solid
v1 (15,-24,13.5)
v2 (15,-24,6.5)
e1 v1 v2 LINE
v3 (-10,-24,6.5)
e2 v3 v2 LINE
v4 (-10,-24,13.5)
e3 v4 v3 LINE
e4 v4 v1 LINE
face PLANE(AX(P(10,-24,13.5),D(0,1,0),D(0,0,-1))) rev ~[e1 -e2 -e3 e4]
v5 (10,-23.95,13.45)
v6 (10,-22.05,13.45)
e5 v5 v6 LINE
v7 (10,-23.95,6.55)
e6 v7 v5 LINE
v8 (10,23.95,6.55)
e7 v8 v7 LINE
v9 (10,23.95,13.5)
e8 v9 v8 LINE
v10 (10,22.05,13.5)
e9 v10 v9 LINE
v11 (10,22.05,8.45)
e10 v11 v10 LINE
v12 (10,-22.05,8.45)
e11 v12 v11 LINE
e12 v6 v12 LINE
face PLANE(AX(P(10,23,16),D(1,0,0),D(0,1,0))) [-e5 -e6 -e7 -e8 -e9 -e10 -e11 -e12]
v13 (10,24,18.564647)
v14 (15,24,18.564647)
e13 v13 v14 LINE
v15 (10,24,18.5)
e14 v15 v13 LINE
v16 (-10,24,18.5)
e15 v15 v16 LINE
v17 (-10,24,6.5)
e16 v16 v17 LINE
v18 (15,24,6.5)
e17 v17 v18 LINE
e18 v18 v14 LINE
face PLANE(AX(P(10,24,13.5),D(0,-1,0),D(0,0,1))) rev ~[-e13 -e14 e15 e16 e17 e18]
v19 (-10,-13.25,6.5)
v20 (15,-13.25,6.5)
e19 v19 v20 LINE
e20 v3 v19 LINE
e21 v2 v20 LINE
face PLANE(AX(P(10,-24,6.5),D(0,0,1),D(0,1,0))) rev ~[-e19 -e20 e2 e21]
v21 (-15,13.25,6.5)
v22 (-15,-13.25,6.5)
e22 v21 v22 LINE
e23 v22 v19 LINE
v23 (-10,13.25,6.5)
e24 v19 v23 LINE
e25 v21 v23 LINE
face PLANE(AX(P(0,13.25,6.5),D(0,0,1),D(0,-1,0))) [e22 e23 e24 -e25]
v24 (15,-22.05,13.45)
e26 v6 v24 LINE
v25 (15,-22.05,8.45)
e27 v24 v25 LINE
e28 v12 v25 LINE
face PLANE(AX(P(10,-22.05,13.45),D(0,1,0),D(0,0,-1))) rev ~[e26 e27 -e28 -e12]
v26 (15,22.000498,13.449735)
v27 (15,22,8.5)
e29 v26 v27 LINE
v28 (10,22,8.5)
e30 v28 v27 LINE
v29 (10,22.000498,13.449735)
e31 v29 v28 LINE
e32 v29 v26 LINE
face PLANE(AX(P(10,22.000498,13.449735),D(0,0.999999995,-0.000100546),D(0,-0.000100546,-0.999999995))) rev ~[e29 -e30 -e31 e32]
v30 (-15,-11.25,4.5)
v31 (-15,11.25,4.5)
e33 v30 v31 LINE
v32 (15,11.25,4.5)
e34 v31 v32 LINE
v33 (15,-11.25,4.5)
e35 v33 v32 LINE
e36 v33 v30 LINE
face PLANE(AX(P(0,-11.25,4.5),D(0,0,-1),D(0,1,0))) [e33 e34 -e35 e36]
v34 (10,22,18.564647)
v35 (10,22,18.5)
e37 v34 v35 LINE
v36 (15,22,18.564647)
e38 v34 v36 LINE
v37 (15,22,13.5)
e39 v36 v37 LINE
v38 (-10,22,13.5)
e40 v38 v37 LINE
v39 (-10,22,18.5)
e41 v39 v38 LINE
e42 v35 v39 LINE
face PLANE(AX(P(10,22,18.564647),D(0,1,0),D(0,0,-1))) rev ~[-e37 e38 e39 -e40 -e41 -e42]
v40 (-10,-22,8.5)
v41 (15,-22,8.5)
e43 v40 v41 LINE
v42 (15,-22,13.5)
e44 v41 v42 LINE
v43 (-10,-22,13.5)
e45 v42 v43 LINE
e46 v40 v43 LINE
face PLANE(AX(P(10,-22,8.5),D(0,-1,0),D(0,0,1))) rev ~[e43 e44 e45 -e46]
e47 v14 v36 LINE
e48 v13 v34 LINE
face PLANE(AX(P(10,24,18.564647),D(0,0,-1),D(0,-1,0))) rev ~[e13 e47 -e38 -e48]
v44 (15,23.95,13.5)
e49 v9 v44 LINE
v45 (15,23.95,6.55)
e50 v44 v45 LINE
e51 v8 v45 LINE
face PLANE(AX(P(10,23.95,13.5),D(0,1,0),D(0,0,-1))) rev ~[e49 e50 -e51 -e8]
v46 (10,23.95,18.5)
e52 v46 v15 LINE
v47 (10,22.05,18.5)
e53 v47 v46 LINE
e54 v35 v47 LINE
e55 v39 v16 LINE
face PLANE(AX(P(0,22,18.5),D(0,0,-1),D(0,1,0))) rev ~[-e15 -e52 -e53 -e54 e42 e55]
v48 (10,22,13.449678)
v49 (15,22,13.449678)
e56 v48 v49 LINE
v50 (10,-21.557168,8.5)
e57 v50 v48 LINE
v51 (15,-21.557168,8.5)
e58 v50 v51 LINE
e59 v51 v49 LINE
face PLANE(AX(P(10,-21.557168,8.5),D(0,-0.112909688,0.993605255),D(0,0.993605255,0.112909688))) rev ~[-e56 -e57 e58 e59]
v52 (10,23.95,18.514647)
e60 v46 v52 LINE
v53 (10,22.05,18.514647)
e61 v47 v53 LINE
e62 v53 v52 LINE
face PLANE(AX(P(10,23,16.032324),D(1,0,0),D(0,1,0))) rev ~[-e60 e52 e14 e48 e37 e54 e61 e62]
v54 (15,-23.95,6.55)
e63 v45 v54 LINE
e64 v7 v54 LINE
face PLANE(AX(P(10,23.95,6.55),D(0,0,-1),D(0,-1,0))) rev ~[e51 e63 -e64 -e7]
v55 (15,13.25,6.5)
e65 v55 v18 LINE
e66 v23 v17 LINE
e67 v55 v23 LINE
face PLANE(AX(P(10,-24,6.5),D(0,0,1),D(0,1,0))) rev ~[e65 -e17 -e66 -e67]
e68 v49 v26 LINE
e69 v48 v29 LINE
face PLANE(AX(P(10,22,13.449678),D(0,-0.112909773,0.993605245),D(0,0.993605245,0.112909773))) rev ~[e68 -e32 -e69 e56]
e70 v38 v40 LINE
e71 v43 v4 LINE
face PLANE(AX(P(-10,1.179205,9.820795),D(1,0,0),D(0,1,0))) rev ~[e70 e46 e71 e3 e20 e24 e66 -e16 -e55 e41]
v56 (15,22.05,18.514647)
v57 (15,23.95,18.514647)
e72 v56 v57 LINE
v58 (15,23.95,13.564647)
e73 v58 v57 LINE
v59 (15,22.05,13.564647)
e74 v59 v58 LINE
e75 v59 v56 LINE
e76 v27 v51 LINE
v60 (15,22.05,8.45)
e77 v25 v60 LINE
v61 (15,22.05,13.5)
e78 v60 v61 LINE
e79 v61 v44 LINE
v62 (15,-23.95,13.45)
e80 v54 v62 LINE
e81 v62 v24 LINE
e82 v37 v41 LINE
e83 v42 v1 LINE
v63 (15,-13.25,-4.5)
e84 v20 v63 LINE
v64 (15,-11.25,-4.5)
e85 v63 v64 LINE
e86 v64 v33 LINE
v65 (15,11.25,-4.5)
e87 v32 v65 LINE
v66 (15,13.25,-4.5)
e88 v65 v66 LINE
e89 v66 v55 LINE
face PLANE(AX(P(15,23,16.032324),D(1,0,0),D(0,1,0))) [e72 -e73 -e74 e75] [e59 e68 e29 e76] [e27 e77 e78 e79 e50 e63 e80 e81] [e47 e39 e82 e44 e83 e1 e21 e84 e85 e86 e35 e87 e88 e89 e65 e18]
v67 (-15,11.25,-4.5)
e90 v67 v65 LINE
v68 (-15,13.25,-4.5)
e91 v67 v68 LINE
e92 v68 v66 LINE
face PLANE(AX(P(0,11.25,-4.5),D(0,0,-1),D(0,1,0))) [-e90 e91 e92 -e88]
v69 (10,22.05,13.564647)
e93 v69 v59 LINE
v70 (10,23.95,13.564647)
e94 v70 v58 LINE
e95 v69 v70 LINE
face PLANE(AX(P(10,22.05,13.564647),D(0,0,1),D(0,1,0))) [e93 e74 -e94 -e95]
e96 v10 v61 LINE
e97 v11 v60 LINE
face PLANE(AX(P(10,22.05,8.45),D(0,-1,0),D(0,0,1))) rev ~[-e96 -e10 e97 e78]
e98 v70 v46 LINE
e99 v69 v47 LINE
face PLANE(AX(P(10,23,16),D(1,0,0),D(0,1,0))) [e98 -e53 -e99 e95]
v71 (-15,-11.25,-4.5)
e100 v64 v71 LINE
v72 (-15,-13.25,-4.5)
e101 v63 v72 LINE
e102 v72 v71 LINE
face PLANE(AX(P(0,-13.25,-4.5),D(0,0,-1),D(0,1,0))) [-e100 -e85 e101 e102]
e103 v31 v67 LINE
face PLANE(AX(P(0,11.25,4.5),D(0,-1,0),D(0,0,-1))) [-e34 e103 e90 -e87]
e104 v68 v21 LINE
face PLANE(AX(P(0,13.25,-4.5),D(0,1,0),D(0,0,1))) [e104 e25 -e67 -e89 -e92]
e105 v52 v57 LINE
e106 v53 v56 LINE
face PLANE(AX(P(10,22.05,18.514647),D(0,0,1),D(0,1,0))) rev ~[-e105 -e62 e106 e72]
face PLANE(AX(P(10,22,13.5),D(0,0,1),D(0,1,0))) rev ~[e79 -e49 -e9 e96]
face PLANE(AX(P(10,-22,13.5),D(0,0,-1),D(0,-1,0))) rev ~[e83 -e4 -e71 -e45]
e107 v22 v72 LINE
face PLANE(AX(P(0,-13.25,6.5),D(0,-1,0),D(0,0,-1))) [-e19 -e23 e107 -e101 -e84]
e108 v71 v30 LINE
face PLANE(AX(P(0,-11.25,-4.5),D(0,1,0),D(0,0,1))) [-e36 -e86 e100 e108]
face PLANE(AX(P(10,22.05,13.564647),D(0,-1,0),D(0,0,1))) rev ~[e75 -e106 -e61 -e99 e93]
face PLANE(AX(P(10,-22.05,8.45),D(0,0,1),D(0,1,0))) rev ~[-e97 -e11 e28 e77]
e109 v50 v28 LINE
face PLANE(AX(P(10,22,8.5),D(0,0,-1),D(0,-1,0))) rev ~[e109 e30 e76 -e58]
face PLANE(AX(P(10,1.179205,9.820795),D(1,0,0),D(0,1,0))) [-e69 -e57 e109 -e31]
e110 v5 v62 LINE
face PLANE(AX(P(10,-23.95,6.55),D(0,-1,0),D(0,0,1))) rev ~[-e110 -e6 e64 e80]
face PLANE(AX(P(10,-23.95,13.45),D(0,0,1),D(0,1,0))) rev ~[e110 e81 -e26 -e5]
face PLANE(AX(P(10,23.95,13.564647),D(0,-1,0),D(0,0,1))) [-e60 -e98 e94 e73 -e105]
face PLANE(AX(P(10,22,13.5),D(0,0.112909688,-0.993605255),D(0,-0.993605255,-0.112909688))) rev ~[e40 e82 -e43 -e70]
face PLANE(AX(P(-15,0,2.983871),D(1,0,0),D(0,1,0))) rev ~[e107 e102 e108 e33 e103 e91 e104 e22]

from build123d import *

# Parameters (mm, degrees)
F1_DEPTH = 15
F2_DEPTH = 10
F4_DEPTH = 5
F0_W     = 2
F0_H     = 5
F5_DEPTH = 10
F6_DEPTH = 10
F3_W     = 1.9
F3_H     = 4.95
F7_DEPTH = 5


with BuildPart() as f1:
    # F0 (on Right) → F1 (new body, symmetric)
    with BuildSketch(Plane.YZ):
        Polygon((-11.25, 4.5), (11.25, 4.5), (11.25, -4.5), (13.25, -4.5), (13.25, 6.5), (-13.25, 6.5), (-13.25, -4.5), (-11.25, -4.5), align=None)
    extrude(amount=F1_DEPTH, both=True)

    # F0 (on Right) → F2 (join, symmetric)
    with BuildSketch(Plane.YZ):
        Polygon((-13.25, 6.5), (13.25, 6.5), (24, 6.5), (24, 13.5), (22, 13.5), (22, 8.5), (-22, 8.5), (-22, 13.5), (-24, 13.5), (-24, 6.5), align=None)
    extrude(amount=F2_DEPTH, both=True)

    # F3 (on face) → F4 (join)
    with BuildSketch(Plane.YZ.offset(10)):
        Polygon((-22, 13.5), (-24, 13.5), (-24, 6.5), (-13.25, 6.5), (13.25, 6.5), (24, 6.5), (24, 13.5), (23.95, 13.5), (23.95, 6.55), (-23.95, 6.55), (-23.95, 13.45), (-22.05, 13.45), (-22.05, 8.45), (22.05, 8.45), (22.05, 13.5), (22, 13.5), (22, 13.4496782049), (22.0004976757, 13.449734759), (22, 8.5), (-21.5571682035, 8.5), (-22, 8.5), align=None)
    extrude(amount=F4_DEPTH)

    # F0 (on Right) → F5 (join, symmetric)
    with BuildSketch(Plane.YZ):
        with Locations((23, 16)):
            Rectangle(F0_W, F0_H)
    extrude(amount=F5_DEPTH, both=True)

    # F0 (on Right) → F6 (join, symmetric)
    with BuildSketch(Plane.YZ):
        Polygon((22, 8.5), (22, 13.5), (-22, 8.5), align=None)
    extrude(amount=F6_DEPTH, both=True)

    # F3 (on face) → F7 (join)
    with BuildSketch(Plane.YZ.offset(10)):
        Polygon((22, 18.5646470636), (22, 13.5), (22.05, 13.5), (23.95, 13.5), (24, 13.5), (24, 18.5646470636), align=None)
        with Locations((23, 16.0396470636)):
            Rectangle(F3_W, F3_H, mode=Mode.SUBTRACT)
        Polygon((22, 13.5), (-22, 8.5), (-21.5571682035, 8.5), (22, 13.4496782049), align=None)
    extrude(amount=F7_DEPTH)


solid = f1.part
